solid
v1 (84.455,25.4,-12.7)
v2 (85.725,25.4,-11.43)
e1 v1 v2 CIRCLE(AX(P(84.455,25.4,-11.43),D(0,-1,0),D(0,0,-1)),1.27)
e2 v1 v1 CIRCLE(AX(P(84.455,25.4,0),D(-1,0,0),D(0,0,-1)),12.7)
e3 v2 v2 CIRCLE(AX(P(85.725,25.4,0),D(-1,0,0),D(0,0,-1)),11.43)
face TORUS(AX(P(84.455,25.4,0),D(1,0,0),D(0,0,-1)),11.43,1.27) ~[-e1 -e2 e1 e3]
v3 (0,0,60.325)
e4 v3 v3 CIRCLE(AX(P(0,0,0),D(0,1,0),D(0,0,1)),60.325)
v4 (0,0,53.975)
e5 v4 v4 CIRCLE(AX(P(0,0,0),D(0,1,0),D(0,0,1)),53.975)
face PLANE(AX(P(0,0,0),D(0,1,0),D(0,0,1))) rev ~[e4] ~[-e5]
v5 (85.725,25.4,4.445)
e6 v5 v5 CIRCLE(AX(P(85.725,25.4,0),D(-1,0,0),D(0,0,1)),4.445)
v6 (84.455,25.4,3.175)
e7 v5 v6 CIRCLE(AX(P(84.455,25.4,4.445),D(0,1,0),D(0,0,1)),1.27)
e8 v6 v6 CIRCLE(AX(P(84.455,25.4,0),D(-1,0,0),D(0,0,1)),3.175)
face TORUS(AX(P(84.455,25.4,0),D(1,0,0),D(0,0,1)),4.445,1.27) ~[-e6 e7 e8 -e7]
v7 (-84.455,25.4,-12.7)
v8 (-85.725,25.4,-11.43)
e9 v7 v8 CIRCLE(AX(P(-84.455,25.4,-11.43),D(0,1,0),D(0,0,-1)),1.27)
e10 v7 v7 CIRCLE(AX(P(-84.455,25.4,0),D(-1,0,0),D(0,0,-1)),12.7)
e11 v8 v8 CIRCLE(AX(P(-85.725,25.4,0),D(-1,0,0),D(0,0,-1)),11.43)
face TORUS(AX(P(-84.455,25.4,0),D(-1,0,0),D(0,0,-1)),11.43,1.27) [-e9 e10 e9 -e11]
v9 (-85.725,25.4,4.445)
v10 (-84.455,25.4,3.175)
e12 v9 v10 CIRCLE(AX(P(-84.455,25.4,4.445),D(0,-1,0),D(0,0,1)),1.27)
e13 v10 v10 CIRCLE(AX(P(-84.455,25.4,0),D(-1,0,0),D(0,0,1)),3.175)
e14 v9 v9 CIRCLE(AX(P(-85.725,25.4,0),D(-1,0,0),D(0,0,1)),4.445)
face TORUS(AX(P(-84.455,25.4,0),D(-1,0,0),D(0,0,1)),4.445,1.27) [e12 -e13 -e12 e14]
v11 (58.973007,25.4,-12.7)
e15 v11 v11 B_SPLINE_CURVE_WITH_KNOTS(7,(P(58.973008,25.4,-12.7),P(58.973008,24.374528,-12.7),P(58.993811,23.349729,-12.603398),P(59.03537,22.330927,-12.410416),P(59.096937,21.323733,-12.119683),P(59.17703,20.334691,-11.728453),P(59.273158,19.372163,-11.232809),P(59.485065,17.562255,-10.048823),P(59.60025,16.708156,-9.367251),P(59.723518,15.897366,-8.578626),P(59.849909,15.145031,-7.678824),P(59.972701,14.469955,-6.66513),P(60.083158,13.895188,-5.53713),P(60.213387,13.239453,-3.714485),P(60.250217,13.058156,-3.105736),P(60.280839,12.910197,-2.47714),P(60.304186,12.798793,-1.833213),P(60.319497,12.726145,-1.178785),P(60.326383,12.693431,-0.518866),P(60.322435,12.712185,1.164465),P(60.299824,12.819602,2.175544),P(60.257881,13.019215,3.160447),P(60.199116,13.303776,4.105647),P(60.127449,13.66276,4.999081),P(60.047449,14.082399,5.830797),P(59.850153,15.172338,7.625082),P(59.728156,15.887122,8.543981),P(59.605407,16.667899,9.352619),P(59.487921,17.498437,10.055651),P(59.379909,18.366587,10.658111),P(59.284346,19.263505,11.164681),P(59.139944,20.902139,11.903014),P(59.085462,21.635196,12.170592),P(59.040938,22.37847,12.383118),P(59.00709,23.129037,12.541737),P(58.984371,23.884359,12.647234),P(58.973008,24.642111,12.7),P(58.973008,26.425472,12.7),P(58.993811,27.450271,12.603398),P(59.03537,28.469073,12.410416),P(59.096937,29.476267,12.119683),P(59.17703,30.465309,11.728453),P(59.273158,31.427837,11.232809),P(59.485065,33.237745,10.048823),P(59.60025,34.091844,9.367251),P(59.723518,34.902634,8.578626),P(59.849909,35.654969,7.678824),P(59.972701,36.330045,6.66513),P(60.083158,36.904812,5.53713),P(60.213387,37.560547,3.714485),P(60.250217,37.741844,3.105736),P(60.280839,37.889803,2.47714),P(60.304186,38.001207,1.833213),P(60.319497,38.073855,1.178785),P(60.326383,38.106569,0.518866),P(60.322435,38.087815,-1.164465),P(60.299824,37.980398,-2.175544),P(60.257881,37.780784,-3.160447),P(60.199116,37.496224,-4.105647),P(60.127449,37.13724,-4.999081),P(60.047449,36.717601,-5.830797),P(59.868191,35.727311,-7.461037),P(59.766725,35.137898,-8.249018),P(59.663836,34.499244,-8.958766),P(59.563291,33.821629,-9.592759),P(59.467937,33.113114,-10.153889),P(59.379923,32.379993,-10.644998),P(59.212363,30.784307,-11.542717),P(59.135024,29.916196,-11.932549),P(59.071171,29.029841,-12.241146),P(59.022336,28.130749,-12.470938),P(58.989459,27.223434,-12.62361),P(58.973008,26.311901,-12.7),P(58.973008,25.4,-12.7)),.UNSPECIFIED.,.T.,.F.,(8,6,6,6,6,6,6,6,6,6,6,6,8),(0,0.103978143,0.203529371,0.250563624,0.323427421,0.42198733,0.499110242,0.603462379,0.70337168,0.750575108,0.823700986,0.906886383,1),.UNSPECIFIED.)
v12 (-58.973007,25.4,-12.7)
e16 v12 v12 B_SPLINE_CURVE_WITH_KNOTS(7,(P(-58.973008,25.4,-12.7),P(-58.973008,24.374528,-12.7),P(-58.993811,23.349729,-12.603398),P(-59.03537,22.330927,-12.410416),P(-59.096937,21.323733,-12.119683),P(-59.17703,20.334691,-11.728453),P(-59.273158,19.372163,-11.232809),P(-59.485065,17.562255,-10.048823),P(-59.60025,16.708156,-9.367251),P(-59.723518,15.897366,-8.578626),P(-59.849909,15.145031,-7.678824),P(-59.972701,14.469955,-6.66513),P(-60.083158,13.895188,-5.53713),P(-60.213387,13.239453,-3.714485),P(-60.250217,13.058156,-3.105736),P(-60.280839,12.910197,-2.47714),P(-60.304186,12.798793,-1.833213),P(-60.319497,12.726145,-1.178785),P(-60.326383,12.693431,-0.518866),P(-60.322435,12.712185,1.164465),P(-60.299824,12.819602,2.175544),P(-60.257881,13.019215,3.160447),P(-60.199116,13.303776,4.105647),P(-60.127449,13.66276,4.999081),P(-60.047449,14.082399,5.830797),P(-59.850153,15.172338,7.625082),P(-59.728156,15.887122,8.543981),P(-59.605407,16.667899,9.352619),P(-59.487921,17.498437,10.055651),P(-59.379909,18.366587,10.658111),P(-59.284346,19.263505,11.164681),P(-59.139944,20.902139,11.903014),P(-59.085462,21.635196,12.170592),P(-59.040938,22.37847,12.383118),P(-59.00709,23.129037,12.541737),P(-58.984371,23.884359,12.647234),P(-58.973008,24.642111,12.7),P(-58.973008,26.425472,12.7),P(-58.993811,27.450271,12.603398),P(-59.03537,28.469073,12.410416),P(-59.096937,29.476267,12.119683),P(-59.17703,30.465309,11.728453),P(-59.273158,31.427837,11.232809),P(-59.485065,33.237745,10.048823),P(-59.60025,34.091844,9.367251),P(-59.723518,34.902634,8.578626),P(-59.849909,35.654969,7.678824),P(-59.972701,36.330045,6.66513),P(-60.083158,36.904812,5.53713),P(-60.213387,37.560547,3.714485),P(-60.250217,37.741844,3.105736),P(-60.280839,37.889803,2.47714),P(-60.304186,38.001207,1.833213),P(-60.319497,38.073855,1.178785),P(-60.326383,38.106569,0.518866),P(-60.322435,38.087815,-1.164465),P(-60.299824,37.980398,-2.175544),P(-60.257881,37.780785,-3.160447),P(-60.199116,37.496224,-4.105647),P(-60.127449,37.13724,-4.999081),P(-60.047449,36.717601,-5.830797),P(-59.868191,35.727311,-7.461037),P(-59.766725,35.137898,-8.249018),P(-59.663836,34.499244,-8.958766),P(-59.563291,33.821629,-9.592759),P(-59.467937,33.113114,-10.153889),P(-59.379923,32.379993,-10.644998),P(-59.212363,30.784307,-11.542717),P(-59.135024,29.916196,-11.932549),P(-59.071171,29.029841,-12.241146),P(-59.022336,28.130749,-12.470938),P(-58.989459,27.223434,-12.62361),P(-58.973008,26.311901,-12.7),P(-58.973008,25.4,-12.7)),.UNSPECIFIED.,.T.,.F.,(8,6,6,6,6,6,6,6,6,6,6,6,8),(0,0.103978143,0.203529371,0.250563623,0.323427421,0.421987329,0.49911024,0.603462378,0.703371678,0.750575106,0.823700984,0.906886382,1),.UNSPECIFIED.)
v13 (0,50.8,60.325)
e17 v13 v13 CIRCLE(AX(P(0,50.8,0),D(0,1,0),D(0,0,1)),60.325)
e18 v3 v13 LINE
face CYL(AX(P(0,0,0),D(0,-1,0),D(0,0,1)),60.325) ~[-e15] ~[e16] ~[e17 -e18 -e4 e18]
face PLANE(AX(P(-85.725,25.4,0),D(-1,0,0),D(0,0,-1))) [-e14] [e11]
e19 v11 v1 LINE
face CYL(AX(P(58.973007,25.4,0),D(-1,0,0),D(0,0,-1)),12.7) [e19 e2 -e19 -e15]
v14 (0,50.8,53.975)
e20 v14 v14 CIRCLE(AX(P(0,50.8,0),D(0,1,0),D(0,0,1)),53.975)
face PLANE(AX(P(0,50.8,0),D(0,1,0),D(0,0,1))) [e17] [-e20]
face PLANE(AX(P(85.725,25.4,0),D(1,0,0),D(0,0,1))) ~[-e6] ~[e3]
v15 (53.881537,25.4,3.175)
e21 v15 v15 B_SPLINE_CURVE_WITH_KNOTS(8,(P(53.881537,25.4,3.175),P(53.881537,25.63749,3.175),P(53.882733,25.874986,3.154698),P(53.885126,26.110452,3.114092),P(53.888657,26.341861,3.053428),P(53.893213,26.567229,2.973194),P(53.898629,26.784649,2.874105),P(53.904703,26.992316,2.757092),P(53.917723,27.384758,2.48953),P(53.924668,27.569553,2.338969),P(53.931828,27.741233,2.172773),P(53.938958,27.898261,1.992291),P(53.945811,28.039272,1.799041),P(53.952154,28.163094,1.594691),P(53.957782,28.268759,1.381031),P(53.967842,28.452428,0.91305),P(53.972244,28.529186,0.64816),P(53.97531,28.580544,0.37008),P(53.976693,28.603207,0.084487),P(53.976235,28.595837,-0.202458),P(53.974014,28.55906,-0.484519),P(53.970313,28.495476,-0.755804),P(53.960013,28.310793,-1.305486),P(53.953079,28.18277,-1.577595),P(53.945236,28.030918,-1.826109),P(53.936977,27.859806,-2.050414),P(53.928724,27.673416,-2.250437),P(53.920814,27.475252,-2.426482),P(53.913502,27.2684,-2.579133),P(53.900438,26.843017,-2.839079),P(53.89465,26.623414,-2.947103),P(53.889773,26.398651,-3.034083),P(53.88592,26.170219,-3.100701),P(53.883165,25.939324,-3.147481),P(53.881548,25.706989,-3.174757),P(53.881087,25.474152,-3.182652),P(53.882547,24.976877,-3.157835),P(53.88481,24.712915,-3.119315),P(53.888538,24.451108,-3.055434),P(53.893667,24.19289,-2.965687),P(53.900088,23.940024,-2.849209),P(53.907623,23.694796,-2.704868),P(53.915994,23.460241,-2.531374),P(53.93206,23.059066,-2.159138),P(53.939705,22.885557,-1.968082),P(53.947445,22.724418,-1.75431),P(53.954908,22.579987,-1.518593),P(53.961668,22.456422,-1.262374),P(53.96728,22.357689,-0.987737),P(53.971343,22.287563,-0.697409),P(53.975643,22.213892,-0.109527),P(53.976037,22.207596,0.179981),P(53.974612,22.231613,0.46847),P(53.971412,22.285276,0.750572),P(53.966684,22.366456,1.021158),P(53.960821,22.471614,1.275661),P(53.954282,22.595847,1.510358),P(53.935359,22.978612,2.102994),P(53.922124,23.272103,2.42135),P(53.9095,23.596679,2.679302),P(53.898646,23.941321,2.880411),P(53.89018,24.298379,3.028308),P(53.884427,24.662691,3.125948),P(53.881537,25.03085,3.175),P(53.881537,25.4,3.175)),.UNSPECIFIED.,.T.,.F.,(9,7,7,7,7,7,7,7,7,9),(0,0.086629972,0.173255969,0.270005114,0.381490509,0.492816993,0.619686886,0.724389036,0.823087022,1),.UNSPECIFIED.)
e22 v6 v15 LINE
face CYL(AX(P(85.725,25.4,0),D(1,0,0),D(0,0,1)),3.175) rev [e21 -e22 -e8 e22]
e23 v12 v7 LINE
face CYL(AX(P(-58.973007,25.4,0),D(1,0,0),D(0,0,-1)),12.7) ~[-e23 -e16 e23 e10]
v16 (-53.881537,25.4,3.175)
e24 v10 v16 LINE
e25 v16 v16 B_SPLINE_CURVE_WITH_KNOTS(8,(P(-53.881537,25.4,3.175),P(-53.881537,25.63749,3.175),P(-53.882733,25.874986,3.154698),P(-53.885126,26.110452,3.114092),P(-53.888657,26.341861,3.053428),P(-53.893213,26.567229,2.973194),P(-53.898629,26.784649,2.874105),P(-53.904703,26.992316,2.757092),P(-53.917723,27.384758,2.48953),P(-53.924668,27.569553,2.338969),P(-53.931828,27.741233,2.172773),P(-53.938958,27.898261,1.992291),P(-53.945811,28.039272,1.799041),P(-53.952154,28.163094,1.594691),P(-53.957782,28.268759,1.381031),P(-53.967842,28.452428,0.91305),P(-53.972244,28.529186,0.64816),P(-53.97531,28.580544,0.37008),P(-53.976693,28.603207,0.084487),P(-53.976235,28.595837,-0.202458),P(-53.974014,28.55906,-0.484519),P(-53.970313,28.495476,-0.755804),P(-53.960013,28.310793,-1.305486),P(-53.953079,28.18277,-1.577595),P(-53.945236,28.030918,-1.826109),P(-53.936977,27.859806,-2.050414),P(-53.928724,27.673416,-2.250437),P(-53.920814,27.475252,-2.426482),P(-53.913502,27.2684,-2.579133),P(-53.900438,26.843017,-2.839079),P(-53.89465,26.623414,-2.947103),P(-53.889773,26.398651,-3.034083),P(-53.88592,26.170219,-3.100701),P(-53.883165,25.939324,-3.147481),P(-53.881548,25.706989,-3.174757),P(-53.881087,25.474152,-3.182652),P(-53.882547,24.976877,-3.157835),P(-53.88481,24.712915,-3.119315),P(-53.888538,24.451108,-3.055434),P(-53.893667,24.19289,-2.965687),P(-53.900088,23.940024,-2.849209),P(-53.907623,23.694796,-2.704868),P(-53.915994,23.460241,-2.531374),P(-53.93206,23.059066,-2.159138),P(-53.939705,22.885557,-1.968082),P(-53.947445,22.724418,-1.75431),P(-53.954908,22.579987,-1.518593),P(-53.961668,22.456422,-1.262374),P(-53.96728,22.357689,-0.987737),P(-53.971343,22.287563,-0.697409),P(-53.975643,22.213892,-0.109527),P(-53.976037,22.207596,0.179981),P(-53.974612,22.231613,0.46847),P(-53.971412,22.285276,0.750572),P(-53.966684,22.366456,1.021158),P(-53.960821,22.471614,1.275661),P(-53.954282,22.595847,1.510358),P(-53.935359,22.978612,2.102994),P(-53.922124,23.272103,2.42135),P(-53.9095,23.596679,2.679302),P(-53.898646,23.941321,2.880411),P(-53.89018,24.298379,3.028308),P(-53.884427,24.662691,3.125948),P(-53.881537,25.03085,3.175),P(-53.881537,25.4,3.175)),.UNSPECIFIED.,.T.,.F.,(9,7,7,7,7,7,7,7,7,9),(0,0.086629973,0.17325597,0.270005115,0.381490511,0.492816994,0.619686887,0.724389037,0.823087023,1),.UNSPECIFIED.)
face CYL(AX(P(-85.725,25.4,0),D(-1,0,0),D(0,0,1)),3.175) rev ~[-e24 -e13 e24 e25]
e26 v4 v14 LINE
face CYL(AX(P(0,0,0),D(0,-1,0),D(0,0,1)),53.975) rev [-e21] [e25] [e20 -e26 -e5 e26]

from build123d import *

# Parameters (mm, degrees)
SKETCH1_R           = 60.325
SKETCH1_R_2         = 53.975
BOSS_EXTRUDE1_DEPTH = 50.8
BOSS_EXTRUDE2_START = -1.351993
SKETCH2_R           = 12.7
BOSS_EXTRUDE2_DEPTH = 26.751993
SKETCH3_R           = 3.175
CUT_EXTRUDE1_DEPTH  = 50.8
FILLET1_R           = 1.27


with BuildPart() as part:
    # Sketch1 → Boss-Extrude1 (new body)
    with BuildSketch(Plane(origin=(0, 0, 0), x_dir=(1, 0, 0), z_dir=(0, 1, 0))):
        with Locations(Location((0, 0, 0), (0, 0, 270))):
            Circle(SKETCH1_R)
        with Locations(Location((0, 0, 0), (0, 0, 270))):
            Circle(SKETCH1_R_2, mode=Mode.SUBTRACT)
    extrude(amount=BOSS_EXTRUDE1_DEPTH)

    # Sketch2 → Boss-Extrude2 (add)
    with BuildSketch(Plane.ZY.offset(60.325).offset(BOSS_EXTRUDE2_START)):
        with Locations(Location((0, 25.4, 0), (0, 0, 180))):
            Circle(SKETCH2_R)
    boss_extrude2 = extrude(amount=BOSS_EXTRUDE2_DEPTH)

    # Sketch3 → Cut-Extrude1 (cut)
    with BuildSketch(Plane.ZY.offset(85.725)):
        with Locations((0, 25.4)):
            Circle(SKETCH3_R)
    cut_extrude1 = extrude(amount=-CUT_EXTRUDE1_DEPTH, mode=Mode.SUBTRACT)

    # Mirror1: Boss-Extrude2, Cut-Extrude1 across plane
    add(boss_extrude2.mirror(Plane(origin=(0, 0, 0), x_dir=(0, 0, 1), z_dir=(1, 0, 0))))
    add(cut_extrude1.mirror(Plane(origin=(0, 0, 0), x_dir=(0, 0, 1), z_dir=(1, 0, 0))), mode=Mode.SUBTRACT)

    # Fillet1
    fillet1_edges = [part.edges().sort_by_distance(p)[0] for p in [
        (-85.725, 25.4, 12.7),
        (-85.725, 25.4, -3.175),
        (85.725, 25.4, 12.7),
        (85.725, 25.4, -3.175),
    ]]
    fillet(fillet1_edges, radius=FILLET1_R)


solid = part.part
